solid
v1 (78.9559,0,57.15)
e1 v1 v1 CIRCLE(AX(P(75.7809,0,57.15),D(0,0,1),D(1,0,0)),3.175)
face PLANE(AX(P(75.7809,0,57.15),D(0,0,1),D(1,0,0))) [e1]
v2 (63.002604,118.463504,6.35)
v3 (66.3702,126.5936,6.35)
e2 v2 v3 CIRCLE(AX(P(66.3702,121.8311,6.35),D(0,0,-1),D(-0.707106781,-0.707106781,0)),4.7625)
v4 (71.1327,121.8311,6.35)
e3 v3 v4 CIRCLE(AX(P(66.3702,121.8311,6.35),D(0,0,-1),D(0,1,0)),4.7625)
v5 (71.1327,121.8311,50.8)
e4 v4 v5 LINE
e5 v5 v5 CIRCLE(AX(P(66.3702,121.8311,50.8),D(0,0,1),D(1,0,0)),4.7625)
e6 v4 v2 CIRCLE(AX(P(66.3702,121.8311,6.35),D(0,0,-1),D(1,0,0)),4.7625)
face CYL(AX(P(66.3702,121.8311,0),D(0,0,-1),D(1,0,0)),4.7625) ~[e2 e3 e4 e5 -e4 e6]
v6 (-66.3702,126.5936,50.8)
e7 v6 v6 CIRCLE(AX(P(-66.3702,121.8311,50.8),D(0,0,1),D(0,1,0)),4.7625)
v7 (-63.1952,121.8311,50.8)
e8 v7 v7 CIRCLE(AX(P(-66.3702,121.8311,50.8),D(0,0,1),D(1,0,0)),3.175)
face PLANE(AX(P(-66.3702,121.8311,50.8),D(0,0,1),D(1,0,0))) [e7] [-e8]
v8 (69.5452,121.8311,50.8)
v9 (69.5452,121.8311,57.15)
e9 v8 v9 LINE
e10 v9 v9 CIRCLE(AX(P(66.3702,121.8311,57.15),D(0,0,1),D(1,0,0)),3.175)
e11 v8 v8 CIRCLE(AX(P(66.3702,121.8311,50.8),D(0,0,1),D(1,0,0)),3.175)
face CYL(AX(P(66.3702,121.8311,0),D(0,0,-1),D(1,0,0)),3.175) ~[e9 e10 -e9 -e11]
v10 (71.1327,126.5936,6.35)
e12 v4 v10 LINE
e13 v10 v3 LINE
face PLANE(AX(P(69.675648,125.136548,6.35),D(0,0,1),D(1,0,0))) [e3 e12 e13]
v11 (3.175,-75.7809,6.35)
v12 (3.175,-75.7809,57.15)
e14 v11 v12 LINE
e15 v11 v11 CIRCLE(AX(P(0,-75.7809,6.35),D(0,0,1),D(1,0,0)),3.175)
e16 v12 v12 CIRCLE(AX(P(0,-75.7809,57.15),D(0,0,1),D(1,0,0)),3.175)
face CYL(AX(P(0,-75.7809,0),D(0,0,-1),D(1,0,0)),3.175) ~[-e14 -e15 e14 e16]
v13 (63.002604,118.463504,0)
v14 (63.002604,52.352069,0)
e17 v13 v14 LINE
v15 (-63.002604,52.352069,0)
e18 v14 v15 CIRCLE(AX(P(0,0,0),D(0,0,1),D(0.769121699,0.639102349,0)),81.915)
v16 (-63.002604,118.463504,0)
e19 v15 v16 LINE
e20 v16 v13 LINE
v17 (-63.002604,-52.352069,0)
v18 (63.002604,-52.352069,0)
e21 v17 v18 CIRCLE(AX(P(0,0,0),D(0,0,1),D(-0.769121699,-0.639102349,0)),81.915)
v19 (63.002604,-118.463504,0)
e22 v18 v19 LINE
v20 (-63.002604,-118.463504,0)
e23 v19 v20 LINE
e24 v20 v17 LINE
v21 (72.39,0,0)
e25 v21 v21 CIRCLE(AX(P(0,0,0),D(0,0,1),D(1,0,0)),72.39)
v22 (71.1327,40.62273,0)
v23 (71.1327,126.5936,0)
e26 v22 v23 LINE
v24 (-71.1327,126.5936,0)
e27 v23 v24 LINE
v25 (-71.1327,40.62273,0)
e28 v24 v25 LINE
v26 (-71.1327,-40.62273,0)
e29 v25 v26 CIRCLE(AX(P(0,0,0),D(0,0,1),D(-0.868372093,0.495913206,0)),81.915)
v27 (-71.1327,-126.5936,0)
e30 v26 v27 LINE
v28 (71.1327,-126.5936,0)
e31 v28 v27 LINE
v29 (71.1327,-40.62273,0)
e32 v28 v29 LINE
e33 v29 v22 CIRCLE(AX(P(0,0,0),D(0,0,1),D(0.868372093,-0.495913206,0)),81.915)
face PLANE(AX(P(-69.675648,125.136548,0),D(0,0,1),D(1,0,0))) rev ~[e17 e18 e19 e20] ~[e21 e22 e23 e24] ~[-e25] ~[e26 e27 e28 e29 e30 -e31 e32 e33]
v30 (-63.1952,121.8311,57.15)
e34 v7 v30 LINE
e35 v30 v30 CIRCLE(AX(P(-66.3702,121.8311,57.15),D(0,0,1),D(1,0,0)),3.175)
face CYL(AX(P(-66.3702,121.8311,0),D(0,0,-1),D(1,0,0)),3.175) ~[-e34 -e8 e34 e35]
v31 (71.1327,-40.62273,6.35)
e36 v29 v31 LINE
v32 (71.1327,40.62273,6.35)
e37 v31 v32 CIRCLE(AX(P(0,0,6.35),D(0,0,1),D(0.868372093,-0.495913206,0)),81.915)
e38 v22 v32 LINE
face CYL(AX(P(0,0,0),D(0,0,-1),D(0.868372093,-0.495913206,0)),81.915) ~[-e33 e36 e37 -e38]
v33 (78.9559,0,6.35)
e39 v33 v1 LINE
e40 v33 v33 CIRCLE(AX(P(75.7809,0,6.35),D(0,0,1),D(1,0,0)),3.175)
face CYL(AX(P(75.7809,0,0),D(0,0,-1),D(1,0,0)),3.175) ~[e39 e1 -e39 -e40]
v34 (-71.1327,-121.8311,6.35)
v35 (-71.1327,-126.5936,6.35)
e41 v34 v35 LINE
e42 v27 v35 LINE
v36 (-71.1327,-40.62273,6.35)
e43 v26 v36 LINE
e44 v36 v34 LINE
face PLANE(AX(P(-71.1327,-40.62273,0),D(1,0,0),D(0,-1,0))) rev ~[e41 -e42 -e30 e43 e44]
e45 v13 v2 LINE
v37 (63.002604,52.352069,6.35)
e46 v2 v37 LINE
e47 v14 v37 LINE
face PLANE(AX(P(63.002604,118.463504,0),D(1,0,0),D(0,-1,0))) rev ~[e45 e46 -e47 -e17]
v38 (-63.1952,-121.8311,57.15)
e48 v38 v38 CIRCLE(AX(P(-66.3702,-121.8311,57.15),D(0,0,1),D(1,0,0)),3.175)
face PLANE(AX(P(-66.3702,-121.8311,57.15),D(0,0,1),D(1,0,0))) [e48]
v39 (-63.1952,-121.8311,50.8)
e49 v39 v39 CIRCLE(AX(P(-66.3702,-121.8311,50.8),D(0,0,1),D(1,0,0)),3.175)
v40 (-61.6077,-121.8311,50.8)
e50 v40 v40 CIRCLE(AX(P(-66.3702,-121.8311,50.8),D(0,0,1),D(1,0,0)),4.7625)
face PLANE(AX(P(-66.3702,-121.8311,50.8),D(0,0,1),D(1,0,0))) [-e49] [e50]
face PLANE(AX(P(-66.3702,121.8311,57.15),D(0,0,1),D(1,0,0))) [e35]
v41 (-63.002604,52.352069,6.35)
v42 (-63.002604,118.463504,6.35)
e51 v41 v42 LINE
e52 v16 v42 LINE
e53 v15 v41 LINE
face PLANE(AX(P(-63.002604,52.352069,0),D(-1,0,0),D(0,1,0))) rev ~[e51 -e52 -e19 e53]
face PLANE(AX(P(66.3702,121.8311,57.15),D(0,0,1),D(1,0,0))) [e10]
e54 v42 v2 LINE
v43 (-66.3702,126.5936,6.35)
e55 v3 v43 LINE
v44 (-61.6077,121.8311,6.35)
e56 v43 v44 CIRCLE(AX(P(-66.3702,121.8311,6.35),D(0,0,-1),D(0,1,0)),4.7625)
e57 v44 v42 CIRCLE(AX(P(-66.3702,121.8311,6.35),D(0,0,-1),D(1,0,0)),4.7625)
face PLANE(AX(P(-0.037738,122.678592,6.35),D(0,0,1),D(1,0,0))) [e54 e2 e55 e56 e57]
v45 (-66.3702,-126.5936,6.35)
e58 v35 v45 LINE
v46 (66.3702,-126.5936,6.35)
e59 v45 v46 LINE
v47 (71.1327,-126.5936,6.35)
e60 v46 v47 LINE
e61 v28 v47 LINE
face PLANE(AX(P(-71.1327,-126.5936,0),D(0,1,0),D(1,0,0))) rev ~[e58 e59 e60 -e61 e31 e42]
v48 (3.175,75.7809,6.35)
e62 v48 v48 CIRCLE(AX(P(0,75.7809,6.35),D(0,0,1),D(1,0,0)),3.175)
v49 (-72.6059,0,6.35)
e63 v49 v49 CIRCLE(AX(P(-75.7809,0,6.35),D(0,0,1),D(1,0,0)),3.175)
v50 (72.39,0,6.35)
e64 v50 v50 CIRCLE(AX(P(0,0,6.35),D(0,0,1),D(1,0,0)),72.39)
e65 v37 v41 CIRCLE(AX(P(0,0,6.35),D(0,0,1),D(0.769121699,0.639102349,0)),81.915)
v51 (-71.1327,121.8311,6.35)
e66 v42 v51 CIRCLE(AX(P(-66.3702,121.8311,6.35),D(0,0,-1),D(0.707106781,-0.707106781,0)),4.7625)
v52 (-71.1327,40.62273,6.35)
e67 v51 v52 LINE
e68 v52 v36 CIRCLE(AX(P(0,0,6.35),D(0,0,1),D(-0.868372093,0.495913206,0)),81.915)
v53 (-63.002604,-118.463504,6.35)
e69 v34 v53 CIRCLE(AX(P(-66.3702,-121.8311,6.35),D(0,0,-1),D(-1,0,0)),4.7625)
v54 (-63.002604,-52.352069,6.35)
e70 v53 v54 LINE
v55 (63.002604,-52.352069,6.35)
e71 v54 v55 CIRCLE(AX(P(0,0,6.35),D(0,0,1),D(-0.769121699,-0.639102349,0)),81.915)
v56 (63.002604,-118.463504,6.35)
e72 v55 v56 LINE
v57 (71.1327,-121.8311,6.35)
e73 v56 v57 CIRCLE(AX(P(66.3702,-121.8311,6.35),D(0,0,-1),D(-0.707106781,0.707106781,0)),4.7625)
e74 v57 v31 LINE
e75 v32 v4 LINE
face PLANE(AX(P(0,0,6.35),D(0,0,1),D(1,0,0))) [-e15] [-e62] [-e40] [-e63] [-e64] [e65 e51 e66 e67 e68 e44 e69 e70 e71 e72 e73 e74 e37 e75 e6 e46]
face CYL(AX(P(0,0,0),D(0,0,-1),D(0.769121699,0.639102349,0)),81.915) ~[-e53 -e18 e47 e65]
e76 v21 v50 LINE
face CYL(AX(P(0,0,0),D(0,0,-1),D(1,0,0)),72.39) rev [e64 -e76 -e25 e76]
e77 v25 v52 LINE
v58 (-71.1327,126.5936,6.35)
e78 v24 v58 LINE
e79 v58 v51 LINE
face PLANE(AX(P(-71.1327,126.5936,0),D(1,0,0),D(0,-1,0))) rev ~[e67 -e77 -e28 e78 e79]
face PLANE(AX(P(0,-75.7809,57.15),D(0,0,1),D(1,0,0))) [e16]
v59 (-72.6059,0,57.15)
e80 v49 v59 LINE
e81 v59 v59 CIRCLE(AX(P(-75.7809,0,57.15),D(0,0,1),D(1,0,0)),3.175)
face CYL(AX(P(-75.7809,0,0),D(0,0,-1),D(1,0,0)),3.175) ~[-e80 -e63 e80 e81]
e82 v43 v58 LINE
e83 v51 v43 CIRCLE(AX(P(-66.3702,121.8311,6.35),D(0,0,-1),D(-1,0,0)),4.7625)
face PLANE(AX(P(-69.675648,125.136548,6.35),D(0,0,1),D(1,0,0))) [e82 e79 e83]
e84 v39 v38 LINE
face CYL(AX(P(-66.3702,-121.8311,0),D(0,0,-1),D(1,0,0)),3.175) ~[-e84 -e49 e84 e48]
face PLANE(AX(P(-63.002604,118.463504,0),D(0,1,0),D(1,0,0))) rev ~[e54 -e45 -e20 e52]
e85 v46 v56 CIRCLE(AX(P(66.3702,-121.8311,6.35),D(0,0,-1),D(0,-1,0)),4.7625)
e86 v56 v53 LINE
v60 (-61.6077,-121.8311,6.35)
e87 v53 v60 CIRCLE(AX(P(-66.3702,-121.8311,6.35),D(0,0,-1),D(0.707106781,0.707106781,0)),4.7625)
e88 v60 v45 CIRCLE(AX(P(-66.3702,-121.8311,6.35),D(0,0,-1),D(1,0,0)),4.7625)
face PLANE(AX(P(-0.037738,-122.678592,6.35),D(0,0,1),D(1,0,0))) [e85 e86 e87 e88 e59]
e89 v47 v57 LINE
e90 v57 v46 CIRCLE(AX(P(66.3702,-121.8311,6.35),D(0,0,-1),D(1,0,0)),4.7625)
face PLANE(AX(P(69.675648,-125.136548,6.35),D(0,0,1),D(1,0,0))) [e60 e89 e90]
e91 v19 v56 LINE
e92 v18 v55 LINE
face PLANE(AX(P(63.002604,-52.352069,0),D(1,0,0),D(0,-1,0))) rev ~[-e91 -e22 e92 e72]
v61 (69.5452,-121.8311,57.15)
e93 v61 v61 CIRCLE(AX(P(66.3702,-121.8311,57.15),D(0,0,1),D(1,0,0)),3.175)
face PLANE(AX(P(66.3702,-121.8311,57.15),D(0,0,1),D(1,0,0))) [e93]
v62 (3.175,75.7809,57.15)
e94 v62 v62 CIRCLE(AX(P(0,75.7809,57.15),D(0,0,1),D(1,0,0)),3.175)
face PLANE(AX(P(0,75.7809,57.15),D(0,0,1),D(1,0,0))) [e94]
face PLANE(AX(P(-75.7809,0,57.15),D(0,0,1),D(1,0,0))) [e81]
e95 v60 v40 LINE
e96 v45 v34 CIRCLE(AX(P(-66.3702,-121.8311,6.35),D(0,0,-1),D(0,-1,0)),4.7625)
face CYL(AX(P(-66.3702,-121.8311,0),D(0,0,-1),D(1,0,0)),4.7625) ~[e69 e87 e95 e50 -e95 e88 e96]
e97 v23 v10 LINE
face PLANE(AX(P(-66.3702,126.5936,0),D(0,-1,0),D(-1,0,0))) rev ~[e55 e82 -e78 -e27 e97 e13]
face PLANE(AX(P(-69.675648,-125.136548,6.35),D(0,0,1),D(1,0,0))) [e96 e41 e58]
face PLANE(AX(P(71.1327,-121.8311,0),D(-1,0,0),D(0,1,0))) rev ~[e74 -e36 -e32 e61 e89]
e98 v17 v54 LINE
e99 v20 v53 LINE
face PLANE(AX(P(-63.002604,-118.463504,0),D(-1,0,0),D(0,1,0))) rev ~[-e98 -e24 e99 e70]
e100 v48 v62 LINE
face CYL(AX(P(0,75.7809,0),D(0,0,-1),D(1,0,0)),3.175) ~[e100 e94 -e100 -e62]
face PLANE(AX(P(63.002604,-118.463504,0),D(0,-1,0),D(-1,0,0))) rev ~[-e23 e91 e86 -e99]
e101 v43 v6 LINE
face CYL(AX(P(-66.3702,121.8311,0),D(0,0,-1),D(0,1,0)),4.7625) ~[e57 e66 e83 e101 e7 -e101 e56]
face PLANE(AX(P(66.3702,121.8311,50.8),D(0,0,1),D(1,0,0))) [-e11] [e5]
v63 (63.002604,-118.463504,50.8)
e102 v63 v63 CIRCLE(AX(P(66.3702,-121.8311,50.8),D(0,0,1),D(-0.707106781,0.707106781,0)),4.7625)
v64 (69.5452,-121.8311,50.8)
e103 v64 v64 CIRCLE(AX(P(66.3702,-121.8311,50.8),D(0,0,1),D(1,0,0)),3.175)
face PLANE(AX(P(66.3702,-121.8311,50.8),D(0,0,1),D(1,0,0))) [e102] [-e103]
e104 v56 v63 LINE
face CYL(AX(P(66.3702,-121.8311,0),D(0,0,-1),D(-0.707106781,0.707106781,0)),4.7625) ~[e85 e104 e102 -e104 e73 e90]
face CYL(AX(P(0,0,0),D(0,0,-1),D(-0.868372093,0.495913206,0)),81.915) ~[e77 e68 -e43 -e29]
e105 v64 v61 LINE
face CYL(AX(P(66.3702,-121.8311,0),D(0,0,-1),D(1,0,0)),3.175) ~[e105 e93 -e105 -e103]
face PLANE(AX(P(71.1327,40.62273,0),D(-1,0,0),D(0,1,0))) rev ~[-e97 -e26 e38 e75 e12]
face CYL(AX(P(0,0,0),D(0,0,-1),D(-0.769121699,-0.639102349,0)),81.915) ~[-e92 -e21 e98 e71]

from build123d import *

# Parameters (mm, degrees)
F0_R     = 3.175
F0_R_2   = 72.39
F1_DEPTH = 6.35
F2_DEPTH = 50.8
F3_DEPTH = 57.15
F4_DEPTH = 57.15


with BuildPart() as f1:
    # F0 (on Top) → F1 (new body)
    with BuildSketch(Plane.XY):
        with BuildLine():
            Line((-63.0026039546, 52.3520689175), (-63.0026039546, 118.4635039546))
            ThreePointArc((-63.0026039546, 118.4635039546), (-68.1927298466, 117.4311237264), (-71.1327, 121.8311))
            Line((-71.1327, 121.8311), (-71.1327, 40.6227302838))
            ThreePointArc((-71.1327, 40.6227302838), (-81.915, 0), (-71.1327, -40.6227302838))
            Line((-71.1327, -40.6227302838), (-71.1327, -121.8311))
            ThreePointArc((-71.1327, -121.8311), (-68.1927298466, -117.4311237264), (-63.0026039546, -118.4635039546))
            Line((-63.0026039546, -118.4635039546), (-63.0026039546, -52.3520689175))
            ThreePointArc((-63.0026039546, -52.3520689175), (0, -81.915), (63.0026039546, -52.3520689175))
            Line((63.0026039546, -52.3520689175), (63.0026039546, -118.4635039546))
            ThreePointArc((63.0026039546, -118.4635039546), (68.1927298466, -117.4311237264), (71.1327, -121.8311))
            Line((71.1327, -121.8311), (71.1327, -40.6227302838))
            ThreePointArc((71.1327, -40.6227302838), (81.915, 0), (71.1327, 40.6227302838))
            Line((71.1327, 40.6227302838), (71.1327, 121.8311))
            ThreePointArc((71.1327, 121.8311), (68.1927298466, 117.4311237264), (63.0026039546, 118.4635039546))
            Line((63.0026039546, 118.4635039546), (63.0026039546, 52.3520689175))
            ThreePointArc((63.0026039546, 52.3520689175), (0, 81.915), (-63.0026039546, 52.3520689175))
        make_face()
        with Locations((0, -75.7809)):
            Circle(F0_R, mode=Mode.SUBTRACT)
        with Locations((-75.7809, 0)):
            Circle(F0_R, mode=Mode.SUBTRACT)
        Circle(F0_R_2, mode=Mode.SUBTRACT)
        with Locations((75.7809, 0)):
            Circle(F0_R, mode=Mode.SUBTRACT)
        with Locations((0, 75.7809)):
            Circle(F0_R, mode=Mode.SUBTRACT)
    extrude(amount=F1_DEPTH)



with BuildPart() as f1b:
    # F0 (on Top) → F1, piece 2 (new body)
    with BuildSketch(Plane.XY):
        with BuildLine():
            ThreePointArc((-61.6077, 121.8311), (-61.9702237264, 120.0085701534), (-63.0026039546, 118.4635039546))
            Line((-63.0026039546, 118.4635039546), (63.0026039546, 118.4635039546))
            ThreePointArc((63.0026039546, 118.4635039546), (61.9702237264, 123.6536298466), (66.3702, 126.5936))
            Line((66.3702, 126.5936), (-66.3702, 126.5936))
            ThreePointArc((-66.3702, 126.5936), (-63.0026039546, 125.1986960454), (-61.6077, 121.8311))
        make_face()
    extrude(amount=F1_DEPTH)


with BuildPart() as f1c:
    # F0 (on Top) → F1, piece 3 (new body)
    with BuildSketch(Plane.XY):
        with BuildLine():
            Line((63.0026039546, -118.4635039546), (-63.0026039546, -118.4635039546))
            ThreePointArc((-63.0026039546, -118.4635039546), (-61.9702237264, -120.0085701534), (-61.6077, -121.8311))
            ThreePointArc((-61.6077, -121.8311), (-63.0026039546, -125.1986960454), (-66.3702, -126.5936))
            Line((-66.3702, -126.5936), (66.3702, -126.5936))
            ThreePointArc((66.3702, -126.5936), (61.9702237264, -123.6536298466), (63.0026039546, -118.4635039546))
        make_face()
    extrude(amount=F1_DEPTH)


with BuildPart() as f1d:
    # F0 (on Top) → F1, piece 4 (new body)
    with BuildSketch(Plane.XY):
        with BuildLine():
            ThreePointArc((-66.3702, -126.5936), (-69.7377960454, -125.1986960454), (-71.1327, -121.8311))
            Line((-71.1327, -121.8311), (-71.1327, -126.5936))
            Line((-71.1327, -126.5936), (-66.3702, -126.5936))
        make_face()
    extrude(amount=F1_DEPTH)


with BuildPart() as f1e:
    # F0 (on Top) → F1, piece 5 (new body)
    with BuildSketch(Plane.XY):
        with BuildLine():
            Line((71.1327, -126.5936), (71.1327, -121.8311))
            ThreePointArc((71.1327, -121.8311), (69.7377960454, -125.1986960454), (66.3702, -126.5936))
            Line((66.3702, -126.5936), (71.1327, -126.5936))
        make_face()
    extrude(amount=F1_DEPTH)


with BuildPart() as f1f:
    # F0 (on Top) → F1, piece 6 (new body)
    with BuildSketch(Plane.XY):
        with BuildLine():
            Line((-71.1327, 126.5936), (-71.1327, 121.8311))
            ThreePointArc((-71.1327, 121.8311), (-69.7377960454, 125.1986960454), (-66.3702, 126.5936))
            Line((-66.3702, 126.5936), (-71.1327, 126.5936))
        make_face()
    extrude(amount=F1_DEPTH)


with BuildPart() as f1g:
    # F0 (on Top) → F1, piece 7 (new body)
    with BuildSketch(Plane.XY):
        with BuildLine():
            ThreePointArc((66.3702, 126.5936), (69.7377960454, 125.1986960454), (71.1327, 121.8311))
            Line((71.1327, 121.8311), (71.1327, 126.5936))
            Line((71.1327, 126.5936), (66.3702, 126.5936))
        make_face()
    extrude(amount=F1_DEPTH)


with BuildPart() as f1_1:
    add(f1.part)

    add(f1b.part)  # F2 merges F1b

    add(f1c.part)  # F2 merges F1c

    add(f1d.part)  # F2 merges F1d

    add(f1e.part)  # F2 merges F1e

    add(f1f.part)  # F2 merges F1f

    add(f1g.part)  # F2 merges F1g
    # F0 (on Top) → F2 (join)
    with BuildSketch(Plane.XY):
        with BuildLine():
            ThreePointArc((-71.1327, 121.8311), (-68.1927298466, 117.4311237264), (-63.0026039546, 118.4635039546))
            ThreePointArc((-63.0026039546, 118.4635039546), (-61.9702237264, 120.0085701534), (-61.6077, 121.8311))
            ThreePointArc((-61.6077, 121.8311), (-63.0026039546, 125.1986960454), (-66.3702, 126.5936))
            ThreePointArc((-66.3702, 126.5936), (-69.7377960454, 125.1986960454), (-71.1327, 121.8311))
        make_face()
        with Locations((-66.3702, 121.8311)):
            Circle(F0_R, mode=Mode.SUBTRACT)
        with BuildLine():
            ThreePointArc((66.3702, 126.5936), (61.9702237264, 123.6536298466), (63.0026039546, 118.4635039546))
            ThreePointArc((63.0026039546, 118.4635039546), (68.1927298466, 117.4311237264), (71.1327, 121.8311))
            ThreePointArc((71.1327, 121.8311), (69.7377960454, 125.1986960454), (66.3702, 126.5936))
        make_face()
        with Locations((66.3702, 121.8311)):
            Circle(F0_R, mode=Mode.SUBTRACT)
        with BuildLine():
            ThreePointArc((-63.0026039546, -118.4635039546), (-68.1927298466, -117.4311237264), (-71.1327, -121.8311))
            ThreePointArc((-71.1327, -121.8311), (-69.7377960454, -125.1986960454), (-66.3702, -126.5936))
            ThreePointArc((-66.3702, -126.5936), (-63.0026039546, -125.1986960454), (-61.6077, -121.8311))
            ThreePointArc((-61.6077, -121.8311), (-61.9702237264, -120.0085701534), (-63.0026039546, -118.4635039546))
        make_face()
        with Locations((-66.3702, -121.8311)):
            Circle(F0_R, mode=Mode.SUBTRACT)
        with BuildLine():
            ThreePointArc((66.3702, -126.5936), (69.7377960454, -125.1986960454), (71.1327, -121.8311))
            ThreePointArc((71.1327, -121.8311), (68.1927298466, -117.4311237264), (63.0026039546, -118.4635039546))
            ThreePointArc((63.0026039546, -118.4635039546), (61.9702237264, -123.6536298466), (66.3702, -126.5936))
        make_face()
        with Locations((66.3702, -121.8311)):
            Circle(F0_R, mode=Mode.SUBTRACT)
    extrude(amount=F2_DEPTH)

    # F0 (on Top) → F3 (join)
    with BuildSketch(Plane.XY):
        with Locations((66.3702, -121.8311)):
            Circle(F0_R)
        with Locations((-66.3702, -121.8311)):
            Circle(F0_R)
        with Locations((66.3702, 121.8311)):
            Circle(F0_R)
        with Locations((-66.3702, 121.8311)):
            Circle(F0_R)
    extrude(amount=F3_DEPTH)

    # F0 (on Top) → F4 (join)
    with BuildSketch(Plane.XY):
        with Locations((0, 75.7809)):
            Circle(F0_R)
        with Locations((-75.7809, 0)):
            Circle(F0_R)
        with Locations((75.7809, 0)):
            Circle(F0_R)
        with Locations((0, -75.7809)):
            Circle(F0_R)
    extrude(amount=F4_DEPTH)


solid = f1_1.part
